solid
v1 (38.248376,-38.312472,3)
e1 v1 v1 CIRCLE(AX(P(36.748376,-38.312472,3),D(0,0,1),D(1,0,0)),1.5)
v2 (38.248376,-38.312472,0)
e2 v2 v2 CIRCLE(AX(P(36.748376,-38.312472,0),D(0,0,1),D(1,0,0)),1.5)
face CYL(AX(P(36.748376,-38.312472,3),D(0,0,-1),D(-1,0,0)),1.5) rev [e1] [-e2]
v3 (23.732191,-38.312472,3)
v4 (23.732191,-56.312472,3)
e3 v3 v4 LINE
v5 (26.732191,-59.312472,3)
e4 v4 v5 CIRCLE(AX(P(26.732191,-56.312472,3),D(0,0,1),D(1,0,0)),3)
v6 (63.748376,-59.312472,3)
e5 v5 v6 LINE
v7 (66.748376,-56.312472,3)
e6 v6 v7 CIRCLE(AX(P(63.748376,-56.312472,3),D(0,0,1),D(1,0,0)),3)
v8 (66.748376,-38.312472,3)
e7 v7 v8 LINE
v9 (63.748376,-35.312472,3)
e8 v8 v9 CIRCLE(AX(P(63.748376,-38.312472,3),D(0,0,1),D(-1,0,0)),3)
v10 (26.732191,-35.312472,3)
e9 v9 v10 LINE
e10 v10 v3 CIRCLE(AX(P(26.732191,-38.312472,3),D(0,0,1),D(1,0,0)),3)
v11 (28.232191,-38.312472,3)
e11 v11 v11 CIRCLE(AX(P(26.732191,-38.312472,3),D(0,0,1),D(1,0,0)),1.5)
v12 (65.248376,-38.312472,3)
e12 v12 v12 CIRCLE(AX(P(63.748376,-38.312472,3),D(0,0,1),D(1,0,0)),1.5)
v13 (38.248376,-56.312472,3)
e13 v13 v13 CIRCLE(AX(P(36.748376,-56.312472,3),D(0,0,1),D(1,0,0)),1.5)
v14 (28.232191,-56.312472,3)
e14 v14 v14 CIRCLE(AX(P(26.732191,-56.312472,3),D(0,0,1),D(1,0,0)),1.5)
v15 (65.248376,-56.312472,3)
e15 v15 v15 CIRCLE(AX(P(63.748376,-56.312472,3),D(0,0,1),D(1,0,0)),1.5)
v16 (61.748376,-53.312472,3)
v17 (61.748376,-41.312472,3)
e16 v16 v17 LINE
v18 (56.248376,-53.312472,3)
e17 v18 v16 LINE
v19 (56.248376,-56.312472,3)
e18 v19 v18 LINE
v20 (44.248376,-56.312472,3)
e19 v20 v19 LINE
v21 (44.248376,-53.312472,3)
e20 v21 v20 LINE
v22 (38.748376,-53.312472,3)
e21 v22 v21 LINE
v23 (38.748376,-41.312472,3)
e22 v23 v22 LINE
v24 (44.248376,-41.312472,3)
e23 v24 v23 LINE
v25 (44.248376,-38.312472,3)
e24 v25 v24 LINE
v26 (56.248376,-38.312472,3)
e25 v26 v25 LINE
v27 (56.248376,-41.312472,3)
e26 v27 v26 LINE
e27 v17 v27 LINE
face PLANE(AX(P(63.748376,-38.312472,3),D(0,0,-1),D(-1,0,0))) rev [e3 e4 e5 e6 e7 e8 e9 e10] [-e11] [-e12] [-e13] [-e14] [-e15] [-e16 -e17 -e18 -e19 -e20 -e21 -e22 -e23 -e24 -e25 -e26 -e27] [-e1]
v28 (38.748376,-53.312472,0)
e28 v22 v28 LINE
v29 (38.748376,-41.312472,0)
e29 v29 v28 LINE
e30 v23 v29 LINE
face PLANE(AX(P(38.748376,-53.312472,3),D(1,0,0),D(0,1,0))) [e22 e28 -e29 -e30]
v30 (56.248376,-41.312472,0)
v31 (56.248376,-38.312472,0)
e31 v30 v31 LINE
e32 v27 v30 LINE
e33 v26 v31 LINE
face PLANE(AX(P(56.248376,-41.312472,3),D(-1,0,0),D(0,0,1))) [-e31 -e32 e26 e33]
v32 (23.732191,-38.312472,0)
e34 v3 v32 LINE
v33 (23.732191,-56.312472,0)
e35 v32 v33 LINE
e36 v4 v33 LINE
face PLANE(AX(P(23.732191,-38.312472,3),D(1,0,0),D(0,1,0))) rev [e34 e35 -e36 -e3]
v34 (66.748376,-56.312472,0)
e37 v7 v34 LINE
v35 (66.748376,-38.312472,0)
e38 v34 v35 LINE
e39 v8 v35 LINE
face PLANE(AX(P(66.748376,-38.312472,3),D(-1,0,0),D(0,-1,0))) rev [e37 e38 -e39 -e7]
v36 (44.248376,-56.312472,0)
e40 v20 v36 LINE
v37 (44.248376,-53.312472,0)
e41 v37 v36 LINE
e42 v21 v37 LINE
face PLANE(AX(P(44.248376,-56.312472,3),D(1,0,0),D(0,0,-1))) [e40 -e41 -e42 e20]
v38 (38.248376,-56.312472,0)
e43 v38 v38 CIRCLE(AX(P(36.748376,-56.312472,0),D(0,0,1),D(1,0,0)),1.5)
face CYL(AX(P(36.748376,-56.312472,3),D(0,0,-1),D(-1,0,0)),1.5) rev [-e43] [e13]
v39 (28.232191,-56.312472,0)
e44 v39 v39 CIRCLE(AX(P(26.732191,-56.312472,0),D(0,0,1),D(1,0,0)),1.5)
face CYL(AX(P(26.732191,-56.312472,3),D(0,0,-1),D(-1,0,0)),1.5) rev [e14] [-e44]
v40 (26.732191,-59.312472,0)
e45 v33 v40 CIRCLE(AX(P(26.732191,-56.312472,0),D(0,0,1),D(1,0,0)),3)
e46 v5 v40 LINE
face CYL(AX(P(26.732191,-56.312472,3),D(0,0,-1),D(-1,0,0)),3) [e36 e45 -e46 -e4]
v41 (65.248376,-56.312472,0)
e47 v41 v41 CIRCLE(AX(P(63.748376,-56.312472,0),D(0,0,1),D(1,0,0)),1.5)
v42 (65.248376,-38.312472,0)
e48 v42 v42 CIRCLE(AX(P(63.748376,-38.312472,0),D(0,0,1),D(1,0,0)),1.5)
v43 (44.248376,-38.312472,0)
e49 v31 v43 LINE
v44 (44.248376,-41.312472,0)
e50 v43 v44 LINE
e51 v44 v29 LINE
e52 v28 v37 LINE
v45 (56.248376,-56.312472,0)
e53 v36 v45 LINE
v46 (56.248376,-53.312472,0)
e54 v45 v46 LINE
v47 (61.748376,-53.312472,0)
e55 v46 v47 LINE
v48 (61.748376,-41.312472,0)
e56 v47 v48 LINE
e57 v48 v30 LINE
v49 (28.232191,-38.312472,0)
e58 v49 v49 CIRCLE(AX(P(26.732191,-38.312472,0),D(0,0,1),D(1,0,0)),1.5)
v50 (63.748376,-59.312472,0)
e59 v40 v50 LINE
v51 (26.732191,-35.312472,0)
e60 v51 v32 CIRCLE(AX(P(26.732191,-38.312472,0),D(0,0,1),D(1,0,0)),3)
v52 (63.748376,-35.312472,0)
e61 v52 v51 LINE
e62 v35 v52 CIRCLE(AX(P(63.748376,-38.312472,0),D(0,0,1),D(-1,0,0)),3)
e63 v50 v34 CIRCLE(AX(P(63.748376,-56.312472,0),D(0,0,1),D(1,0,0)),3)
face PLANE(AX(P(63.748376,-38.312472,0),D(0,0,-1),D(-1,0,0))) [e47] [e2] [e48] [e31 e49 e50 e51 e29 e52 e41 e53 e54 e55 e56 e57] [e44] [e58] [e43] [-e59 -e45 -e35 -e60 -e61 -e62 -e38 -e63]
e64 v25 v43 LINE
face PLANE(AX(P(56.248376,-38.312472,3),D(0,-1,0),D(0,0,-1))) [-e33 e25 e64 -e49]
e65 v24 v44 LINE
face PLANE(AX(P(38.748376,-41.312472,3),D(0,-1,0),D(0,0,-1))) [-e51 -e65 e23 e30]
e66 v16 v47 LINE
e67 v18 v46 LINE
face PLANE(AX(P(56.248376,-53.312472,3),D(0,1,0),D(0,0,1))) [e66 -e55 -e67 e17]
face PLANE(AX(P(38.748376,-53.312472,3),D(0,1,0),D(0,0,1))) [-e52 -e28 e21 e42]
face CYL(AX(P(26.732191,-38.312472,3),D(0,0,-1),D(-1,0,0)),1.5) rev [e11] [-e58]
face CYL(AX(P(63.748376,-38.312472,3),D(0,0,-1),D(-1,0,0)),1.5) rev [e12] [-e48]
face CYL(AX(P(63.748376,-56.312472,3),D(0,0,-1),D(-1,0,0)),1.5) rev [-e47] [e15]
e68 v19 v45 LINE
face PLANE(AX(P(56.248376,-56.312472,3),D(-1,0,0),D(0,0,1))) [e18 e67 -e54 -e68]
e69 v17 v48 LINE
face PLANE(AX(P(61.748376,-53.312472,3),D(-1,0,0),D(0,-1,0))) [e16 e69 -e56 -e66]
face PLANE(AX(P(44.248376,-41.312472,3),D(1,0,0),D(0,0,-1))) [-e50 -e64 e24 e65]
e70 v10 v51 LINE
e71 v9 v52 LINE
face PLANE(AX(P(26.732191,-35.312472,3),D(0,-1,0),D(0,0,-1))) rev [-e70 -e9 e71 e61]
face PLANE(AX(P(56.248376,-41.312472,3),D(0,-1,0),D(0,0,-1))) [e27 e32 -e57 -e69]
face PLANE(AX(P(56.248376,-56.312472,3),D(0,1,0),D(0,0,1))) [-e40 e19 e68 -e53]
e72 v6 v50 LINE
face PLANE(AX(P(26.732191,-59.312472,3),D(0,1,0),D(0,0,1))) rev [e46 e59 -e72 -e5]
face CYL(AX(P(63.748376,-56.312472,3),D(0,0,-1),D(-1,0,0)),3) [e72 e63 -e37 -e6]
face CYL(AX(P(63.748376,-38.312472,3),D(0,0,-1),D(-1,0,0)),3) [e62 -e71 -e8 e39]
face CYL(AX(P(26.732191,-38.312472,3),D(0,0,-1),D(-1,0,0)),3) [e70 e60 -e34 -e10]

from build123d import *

# Parameters (mm, degrees)
ESQUISSE17_R        = 1.5
BOSS_EXTRU_17_DEPTH = 3


with BuildPart() as part:
    # Esquisse17 → Boss.-Extru.17 (new body)
    with BuildSketch(Plane.XY):
        with BuildLine():
            Line((26.73219077, -35.312471899), (63.748376396, -35.312471899))
            ThreePointArc((63.748376396, -35.312471899), (65.869696739, -36.191151555), (66.748376396, -38.312471899))
            Line((66.748376396, -38.312471899), (66.748376396, -56.312471899))
            ThreePointArc((66.748376396, -56.312471899), (65.869696739, -58.433792242), (63.748376396, -59.312471899))
            Line((63.748376396, -59.312471899), (26.73219077, -59.312471899))
            ThreePointArc((26.73219077, -59.312471899), (24.610870426, -58.433792242), (23.73219077, -56.312471899))
            Line((23.73219077, -56.312471899), (23.73219077, -38.312471899))
            ThreePointArc((23.73219077, -38.312471899), (24.610870426, -36.191151555), (26.73219077, -35.312471899))
        make_face()
        with Locations((26.73219077, -38.312471899)):
            Circle(ESQUISSE17_R, mode=Mode.SUBTRACT)
        with Locations((63.748376396, -38.312471899)):
            Circle(ESQUISSE17_R, mode=Mode.SUBTRACT)
        with Locations((63.748376396, -56.312471899)):
            Circle(ESQUISSE17_R, mode=Mode.SUBTRACT)
        with Locations((26.73219077, -56.312471899)):
            Circle(ESQUISSE17_R, mode=Mode.SUBTRACT)
        with Locations((36.748376396, -38.312471899)):
            Circle(ESQUISSE17_R, mode=Mode.SUBTRACT)
        with Locations((36.748376396, -56.312471899)):
            Circle(ESQUISSE17_R, mode=Mode.SUBTRACT)
        Polygon((44.248376396, -41.312471899), (44.248376396, -38.312471899), (56.248376396, -38.312471899), (56.248376396, -41.312471899), (61.748376396, -41.312471899), (61.748376396, -53.312471899), (56.248376396, -53.312471899), (56.248376396, -56.312471899), (44.248376396, -56.312471899), (44.248376396, -53.312471899), (38.748376396, -53.312471899), (38.748376396, -41.312471899), align=None, mode=Mode.SUBTRACT)
    extrude(amount=BOSS_EXTRU_17_DEPTH)


solid = part.part
